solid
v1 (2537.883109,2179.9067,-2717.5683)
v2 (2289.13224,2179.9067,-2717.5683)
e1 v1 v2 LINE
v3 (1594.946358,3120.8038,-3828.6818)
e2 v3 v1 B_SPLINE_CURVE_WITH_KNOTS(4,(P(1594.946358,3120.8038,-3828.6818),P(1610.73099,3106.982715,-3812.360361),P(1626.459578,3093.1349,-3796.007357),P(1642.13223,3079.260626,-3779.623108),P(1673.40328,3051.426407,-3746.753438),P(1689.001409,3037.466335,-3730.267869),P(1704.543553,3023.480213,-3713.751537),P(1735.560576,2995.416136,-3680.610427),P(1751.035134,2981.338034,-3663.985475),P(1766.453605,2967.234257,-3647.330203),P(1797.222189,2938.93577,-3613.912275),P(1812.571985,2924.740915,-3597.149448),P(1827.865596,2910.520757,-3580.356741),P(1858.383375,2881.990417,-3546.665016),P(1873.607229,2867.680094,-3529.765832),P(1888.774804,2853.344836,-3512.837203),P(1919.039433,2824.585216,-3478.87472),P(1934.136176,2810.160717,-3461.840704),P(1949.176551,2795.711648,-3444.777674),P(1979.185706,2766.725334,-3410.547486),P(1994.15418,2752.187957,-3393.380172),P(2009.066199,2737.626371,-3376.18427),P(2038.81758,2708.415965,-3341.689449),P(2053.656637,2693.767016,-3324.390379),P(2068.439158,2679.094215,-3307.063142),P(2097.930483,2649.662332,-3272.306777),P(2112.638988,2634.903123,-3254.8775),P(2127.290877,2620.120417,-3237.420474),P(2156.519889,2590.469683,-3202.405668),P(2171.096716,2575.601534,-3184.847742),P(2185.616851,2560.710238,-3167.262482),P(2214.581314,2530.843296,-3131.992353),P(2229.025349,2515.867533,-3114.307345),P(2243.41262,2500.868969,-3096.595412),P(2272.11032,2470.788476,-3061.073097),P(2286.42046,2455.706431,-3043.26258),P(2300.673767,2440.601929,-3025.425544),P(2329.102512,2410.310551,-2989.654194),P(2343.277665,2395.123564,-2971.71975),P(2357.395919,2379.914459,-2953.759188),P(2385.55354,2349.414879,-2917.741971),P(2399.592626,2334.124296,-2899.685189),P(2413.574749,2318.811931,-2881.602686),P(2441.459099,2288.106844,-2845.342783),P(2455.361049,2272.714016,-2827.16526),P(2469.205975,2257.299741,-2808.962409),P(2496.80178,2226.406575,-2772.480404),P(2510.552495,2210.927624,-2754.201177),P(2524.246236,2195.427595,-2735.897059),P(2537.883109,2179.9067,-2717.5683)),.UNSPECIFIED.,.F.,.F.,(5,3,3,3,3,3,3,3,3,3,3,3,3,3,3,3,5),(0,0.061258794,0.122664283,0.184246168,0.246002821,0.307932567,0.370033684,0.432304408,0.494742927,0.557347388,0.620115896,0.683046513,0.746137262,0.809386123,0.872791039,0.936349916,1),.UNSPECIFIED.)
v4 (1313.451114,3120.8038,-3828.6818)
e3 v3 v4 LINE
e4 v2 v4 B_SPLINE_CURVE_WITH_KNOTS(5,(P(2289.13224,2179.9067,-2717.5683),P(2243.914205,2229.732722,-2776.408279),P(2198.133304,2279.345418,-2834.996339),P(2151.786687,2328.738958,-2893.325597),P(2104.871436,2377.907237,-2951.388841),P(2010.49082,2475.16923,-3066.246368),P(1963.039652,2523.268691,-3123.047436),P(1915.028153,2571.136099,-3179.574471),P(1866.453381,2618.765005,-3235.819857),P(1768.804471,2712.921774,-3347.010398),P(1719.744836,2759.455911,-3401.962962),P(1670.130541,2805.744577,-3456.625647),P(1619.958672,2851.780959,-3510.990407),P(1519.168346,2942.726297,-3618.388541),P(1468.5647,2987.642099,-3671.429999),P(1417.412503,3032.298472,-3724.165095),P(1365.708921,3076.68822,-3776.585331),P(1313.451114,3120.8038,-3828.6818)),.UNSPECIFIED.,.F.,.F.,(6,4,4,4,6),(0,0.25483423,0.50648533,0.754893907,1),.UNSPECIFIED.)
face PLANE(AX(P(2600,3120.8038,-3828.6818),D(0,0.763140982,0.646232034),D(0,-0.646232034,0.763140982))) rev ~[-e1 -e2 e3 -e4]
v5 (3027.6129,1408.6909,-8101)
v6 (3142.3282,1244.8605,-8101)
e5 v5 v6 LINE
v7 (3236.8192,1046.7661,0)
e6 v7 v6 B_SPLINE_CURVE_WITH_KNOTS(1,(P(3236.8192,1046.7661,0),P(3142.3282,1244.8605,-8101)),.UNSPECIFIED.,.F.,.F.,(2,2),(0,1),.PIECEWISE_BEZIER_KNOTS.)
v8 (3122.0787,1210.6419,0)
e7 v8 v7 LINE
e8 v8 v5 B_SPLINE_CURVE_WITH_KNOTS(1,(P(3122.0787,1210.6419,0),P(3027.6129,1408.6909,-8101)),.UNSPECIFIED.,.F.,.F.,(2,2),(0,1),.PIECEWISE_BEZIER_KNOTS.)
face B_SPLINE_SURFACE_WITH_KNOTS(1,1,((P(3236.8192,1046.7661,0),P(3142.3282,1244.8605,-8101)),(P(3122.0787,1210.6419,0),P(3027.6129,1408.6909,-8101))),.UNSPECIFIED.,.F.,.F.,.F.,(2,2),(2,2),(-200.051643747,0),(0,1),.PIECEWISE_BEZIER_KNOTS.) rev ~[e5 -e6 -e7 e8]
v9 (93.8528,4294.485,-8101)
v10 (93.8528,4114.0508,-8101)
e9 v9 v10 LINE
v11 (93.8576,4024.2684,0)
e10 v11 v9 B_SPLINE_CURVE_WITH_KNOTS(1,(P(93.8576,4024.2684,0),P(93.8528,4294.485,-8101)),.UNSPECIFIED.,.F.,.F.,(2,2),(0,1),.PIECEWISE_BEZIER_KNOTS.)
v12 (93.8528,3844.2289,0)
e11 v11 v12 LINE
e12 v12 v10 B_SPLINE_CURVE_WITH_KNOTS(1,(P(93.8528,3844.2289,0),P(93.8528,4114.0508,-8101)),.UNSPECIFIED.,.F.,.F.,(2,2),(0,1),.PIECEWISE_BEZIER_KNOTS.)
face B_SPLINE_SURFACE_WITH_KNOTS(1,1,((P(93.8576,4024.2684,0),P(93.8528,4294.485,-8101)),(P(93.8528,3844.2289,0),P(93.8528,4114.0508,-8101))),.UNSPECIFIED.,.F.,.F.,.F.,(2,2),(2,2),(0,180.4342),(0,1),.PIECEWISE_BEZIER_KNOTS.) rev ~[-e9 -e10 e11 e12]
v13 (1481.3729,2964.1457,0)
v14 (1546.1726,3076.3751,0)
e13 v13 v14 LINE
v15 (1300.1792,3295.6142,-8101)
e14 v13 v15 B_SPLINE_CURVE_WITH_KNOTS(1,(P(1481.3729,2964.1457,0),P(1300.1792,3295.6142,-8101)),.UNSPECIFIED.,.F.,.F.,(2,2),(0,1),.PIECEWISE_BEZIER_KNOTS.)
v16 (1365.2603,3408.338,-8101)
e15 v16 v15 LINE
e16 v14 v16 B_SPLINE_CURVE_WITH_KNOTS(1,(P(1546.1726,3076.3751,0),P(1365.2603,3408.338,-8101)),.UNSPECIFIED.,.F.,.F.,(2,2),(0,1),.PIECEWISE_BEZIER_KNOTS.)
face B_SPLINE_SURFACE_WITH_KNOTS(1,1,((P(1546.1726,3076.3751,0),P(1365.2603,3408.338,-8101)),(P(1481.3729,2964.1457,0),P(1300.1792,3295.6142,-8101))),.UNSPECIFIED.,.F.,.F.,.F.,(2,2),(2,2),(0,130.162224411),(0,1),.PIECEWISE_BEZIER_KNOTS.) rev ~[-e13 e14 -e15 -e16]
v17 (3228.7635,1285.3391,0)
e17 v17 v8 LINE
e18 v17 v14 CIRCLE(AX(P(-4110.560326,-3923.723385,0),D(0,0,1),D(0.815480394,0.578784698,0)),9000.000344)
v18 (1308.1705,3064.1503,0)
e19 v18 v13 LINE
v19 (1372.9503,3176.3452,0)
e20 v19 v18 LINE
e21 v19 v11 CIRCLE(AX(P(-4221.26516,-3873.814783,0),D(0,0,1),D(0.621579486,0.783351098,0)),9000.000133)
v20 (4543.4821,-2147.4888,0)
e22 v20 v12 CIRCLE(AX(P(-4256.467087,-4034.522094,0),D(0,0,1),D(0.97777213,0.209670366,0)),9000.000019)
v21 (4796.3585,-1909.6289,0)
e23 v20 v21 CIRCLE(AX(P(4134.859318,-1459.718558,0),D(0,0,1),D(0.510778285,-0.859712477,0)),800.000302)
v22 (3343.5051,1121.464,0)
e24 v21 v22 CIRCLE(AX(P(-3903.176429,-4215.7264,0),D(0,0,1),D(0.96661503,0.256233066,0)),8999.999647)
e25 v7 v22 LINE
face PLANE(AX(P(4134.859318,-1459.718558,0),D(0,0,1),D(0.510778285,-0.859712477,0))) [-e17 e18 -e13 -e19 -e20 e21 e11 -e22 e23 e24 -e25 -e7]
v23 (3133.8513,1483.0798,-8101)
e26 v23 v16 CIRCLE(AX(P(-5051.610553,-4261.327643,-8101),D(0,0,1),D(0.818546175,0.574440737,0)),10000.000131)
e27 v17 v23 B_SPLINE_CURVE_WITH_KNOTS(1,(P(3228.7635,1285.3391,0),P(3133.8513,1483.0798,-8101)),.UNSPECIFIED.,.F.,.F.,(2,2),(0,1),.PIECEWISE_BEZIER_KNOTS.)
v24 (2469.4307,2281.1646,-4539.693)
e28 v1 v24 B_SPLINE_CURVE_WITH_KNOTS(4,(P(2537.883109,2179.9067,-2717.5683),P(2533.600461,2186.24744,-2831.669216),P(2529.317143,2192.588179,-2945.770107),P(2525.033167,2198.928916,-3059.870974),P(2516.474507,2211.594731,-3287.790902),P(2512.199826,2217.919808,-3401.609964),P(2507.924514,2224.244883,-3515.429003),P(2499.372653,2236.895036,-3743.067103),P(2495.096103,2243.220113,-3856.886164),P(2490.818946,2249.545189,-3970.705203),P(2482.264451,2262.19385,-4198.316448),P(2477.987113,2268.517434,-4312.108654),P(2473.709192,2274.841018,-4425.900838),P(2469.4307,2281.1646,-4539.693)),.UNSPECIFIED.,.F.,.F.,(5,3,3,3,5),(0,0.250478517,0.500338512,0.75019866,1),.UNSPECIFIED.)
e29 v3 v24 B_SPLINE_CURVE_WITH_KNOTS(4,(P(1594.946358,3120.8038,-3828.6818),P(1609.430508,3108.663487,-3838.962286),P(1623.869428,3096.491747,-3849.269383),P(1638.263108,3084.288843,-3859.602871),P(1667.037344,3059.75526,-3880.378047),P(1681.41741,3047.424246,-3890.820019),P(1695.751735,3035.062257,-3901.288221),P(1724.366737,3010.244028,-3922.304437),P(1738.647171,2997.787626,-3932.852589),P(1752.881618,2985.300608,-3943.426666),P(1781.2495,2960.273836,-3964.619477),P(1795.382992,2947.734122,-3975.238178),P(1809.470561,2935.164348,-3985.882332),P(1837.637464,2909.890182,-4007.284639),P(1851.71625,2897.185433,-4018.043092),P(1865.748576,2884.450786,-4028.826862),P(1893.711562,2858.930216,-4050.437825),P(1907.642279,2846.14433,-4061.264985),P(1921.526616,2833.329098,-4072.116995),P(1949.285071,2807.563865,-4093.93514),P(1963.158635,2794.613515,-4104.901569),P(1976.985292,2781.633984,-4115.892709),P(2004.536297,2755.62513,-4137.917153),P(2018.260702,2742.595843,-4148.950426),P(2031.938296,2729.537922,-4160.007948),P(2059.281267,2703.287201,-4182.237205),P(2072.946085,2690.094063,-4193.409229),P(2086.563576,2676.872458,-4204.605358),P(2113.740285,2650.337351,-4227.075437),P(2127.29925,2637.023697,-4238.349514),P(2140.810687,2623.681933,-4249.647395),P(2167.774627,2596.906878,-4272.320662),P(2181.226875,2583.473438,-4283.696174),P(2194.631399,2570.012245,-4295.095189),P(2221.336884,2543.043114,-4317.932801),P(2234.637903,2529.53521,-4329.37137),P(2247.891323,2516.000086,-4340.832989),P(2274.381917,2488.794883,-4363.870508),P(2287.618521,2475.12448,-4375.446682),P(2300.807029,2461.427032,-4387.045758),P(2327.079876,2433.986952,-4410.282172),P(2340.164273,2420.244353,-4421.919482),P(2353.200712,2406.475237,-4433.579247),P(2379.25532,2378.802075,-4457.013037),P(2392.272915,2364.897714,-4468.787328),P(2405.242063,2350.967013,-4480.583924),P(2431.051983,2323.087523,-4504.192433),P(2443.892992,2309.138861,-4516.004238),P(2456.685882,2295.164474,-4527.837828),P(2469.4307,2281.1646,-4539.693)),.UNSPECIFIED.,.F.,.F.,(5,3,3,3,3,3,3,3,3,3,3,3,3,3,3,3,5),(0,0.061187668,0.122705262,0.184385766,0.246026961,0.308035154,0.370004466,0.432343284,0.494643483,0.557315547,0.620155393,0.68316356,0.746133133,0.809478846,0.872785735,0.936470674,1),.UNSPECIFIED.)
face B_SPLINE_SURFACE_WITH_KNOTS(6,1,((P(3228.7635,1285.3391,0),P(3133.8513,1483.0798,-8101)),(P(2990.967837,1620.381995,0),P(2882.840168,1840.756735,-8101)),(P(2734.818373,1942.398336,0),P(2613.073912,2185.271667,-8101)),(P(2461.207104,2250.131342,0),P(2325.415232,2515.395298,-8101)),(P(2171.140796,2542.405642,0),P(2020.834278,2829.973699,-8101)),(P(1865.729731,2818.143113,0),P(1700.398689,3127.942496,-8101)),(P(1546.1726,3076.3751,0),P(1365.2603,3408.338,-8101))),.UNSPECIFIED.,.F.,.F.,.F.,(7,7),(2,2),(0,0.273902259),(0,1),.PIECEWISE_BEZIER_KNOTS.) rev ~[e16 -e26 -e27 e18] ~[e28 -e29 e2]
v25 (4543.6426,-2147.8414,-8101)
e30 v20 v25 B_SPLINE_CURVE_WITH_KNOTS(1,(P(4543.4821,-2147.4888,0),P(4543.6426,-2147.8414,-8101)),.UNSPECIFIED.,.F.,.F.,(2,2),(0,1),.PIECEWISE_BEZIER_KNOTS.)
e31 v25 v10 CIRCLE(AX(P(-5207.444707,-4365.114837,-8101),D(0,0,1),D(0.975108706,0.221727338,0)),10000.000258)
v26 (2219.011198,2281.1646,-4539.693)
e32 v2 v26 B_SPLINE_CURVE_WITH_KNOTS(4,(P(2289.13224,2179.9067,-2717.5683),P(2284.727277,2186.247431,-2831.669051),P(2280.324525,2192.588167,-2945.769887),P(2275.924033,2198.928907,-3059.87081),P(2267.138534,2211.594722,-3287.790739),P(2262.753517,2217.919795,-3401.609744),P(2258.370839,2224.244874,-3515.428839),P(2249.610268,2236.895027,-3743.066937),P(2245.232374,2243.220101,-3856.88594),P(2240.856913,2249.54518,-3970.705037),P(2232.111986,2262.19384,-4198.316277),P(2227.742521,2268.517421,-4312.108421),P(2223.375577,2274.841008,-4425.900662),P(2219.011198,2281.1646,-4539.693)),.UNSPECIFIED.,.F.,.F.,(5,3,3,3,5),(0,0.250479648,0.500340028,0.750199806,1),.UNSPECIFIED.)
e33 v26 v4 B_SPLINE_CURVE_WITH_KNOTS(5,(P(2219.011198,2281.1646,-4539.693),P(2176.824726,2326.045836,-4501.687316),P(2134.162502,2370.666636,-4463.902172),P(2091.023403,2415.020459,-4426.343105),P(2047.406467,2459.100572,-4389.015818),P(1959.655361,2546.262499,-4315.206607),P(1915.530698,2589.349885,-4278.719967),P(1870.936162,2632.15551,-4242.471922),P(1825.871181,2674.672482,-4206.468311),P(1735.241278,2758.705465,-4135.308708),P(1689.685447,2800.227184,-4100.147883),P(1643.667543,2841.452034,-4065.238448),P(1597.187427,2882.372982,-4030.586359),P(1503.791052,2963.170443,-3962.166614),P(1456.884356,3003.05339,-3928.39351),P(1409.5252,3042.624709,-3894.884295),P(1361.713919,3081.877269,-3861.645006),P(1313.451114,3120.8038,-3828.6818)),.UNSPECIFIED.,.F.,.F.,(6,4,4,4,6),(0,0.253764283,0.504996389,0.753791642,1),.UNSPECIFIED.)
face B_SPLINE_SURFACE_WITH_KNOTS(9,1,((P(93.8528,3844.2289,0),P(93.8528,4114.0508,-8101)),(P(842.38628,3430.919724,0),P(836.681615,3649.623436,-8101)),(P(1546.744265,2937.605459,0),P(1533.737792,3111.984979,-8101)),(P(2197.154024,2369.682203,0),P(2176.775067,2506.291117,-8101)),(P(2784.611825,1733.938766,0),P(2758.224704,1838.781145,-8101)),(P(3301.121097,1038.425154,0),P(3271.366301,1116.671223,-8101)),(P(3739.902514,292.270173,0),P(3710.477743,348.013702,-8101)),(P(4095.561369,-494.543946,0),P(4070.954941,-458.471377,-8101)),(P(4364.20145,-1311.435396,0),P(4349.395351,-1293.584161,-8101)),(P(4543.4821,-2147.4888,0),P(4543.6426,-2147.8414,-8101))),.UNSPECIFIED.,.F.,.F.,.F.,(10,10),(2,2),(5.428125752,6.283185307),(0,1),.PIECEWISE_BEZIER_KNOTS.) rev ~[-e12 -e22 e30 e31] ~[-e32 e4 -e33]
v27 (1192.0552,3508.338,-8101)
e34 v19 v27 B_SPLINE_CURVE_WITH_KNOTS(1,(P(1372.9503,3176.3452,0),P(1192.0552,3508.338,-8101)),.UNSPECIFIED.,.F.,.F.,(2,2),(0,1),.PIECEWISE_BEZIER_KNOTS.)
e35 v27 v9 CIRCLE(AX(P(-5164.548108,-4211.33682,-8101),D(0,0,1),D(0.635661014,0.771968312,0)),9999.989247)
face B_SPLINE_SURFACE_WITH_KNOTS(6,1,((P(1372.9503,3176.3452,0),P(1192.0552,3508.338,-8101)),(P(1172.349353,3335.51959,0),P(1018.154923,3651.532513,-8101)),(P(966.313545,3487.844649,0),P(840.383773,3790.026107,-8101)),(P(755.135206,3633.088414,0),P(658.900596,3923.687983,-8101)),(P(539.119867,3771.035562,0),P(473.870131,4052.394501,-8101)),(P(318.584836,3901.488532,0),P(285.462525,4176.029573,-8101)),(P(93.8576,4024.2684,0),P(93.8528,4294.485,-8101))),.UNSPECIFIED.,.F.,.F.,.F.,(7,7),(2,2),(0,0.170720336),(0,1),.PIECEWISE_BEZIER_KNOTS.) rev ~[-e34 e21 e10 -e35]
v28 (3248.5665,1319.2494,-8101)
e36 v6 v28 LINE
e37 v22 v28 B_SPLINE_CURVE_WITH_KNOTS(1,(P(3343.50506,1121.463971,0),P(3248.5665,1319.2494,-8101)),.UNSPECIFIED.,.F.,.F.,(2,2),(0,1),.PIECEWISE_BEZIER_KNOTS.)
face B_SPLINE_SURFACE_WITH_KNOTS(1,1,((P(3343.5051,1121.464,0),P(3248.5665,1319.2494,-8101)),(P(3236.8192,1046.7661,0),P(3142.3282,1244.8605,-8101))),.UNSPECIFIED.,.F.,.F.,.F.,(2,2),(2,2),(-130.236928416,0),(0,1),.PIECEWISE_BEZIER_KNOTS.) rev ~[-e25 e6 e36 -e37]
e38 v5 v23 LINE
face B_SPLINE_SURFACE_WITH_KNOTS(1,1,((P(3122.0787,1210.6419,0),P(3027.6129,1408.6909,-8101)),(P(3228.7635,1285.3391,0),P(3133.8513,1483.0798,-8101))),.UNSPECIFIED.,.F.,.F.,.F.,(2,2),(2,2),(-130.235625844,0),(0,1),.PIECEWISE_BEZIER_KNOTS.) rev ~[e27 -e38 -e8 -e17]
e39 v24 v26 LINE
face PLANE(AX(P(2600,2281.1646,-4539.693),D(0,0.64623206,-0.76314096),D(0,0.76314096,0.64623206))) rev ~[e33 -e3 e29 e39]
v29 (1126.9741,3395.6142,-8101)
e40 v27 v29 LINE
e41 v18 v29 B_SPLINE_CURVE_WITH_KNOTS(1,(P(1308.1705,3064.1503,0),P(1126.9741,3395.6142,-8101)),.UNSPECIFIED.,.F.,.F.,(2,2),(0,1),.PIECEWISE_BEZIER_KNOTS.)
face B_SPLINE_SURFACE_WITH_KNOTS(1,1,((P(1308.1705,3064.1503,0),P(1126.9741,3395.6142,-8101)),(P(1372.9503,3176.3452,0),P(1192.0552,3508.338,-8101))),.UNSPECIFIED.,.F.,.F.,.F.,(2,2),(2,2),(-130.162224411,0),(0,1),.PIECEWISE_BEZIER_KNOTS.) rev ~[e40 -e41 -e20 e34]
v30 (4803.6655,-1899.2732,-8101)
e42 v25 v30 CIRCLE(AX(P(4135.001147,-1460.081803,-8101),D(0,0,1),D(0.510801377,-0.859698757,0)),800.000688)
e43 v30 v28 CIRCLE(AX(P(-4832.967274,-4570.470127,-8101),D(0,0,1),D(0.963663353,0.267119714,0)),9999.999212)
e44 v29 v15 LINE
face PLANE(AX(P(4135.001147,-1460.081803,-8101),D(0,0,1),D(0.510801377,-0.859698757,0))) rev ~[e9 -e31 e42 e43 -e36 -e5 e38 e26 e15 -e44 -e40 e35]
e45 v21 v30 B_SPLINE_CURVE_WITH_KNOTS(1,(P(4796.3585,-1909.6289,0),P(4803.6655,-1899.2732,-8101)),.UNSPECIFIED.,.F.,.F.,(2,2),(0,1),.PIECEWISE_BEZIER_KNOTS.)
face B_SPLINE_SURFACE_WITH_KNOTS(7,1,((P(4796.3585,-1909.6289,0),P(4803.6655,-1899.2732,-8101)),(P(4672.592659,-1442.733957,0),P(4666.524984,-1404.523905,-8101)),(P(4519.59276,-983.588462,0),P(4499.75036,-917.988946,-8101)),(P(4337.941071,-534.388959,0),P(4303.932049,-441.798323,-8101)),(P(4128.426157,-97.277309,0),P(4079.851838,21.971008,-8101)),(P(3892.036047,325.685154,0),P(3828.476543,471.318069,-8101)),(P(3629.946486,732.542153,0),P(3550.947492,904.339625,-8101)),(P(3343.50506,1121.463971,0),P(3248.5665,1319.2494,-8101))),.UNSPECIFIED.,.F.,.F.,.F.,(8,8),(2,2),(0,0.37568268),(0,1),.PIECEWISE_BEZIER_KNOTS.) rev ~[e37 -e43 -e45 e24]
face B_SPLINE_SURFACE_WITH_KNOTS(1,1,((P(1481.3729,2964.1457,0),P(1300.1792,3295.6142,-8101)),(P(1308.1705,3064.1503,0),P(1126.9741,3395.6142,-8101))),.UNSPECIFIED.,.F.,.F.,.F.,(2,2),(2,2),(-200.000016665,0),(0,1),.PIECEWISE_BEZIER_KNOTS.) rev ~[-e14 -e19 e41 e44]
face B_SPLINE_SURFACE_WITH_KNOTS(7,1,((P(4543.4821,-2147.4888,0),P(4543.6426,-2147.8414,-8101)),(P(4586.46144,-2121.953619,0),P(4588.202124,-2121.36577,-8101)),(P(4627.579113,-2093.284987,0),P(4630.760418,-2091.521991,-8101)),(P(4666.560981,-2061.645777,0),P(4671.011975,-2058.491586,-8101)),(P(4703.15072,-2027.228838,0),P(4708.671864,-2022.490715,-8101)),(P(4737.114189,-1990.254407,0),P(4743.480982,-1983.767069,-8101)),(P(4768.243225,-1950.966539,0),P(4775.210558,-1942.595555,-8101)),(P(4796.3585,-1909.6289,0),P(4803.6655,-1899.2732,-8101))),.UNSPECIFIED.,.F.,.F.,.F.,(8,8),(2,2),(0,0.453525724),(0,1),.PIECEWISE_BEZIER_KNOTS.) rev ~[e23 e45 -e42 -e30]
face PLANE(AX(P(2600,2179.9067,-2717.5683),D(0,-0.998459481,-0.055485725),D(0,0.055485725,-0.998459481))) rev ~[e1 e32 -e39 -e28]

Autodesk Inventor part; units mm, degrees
ref_plane "XZ Plane" through (0, 0, 0) normal (0, 1, 0) x (-1, 0, 0)
sketch "Sketch1" plane through (0, 0, 0) normal (0, 0, 1) x (1, 0, 0)
  arc A0 (4796.3585, -1909.6289) -> (3343.4744, 1121.5056) centre (-3903.1767, -4215.7265) ccw
  line L0 (3236.8192, 1046.7661) -> (3343.5051, 1121.464)
  arc A1 (3228.7635, 1285.3391) -> (1546.1726, 3076.3751) centre (-4110.5601, -3923.7232) ccw
  line L1 (3228.7635, 1285.3391) -> (3122.0787, 1210.6419)
  line L2 (1372.9503, 3176.3452) -> (1308.1705, 3064.1503)
  arc A2 (1372.9503, 3176.3452) -> (93.8576, 4024.2684) centre (-4221.2651, -3873.8147) ccw
  line L3 (1481.3729, 2964.1457) -> (1546.1726, 3076.3751)
  arc A3 (4543.4821, -2147.4888) -> (93.8528, 3844.2289) centre (-4256.4671, -4034.5221) ccw
  line L4 (93.8576, 4024.2684) -> (93.8528, 3844.2289)
  line L5 (1308.1705, 3064.1503) -> (1481.3729, 2964.1457)
  line L6 (3122.0787, 1210.6419) -> (3236.8192, 1046.7661)
  arc A4 (4543.4821, -2147.4888) -> (4796.3585, -1909.6289) centre (4134.8595, -1459.7188) ccw
  point P0 (0, 0)
  dimension "d7" = 800
ref_plane "Work Plane2" through (0, 0, -8101) normal (0, 0, 1) x (1, 0, 0)
ref_plane "Work Plane1" through (0, 0, 0) normal (0, 0, 1) x (1, 0, 0)
sketch "Sketch2" plane through (0, 0, -8101) normal (0, 0, 1) x (1, 0, 0)
  arc A0 (1192.0552, 3508.338) -> (93.8528, 4294.485) centre (-5164.5547, -4211.3454) ccw projected
  arc A1 (3133.8513, 1483.0798) -> (1365.2603, 3408.338) centre (-5051.6105, -4261.3276) ccw projected
  arc A2 (4543.6426, -2147.8414) -> (93.8528, 4114.0508) centre (-5207.4444, -4365.1147) ccw projected
  line L0 (1192.0552, 3508.338) -> (1126.9741, 3395.6142) projected
  line L1 (1365.2603, 3408.338) -> (1300.1792, 3295.6142) projected
  line L2 (1126.9741, 3395.6142) -> (1300.1792, 3295.6142) projected
  line L3 (93.8528, 4294.485) -> (93.8528, 4114.0508) projected
  line L4 (3027.6129, 1408.6909) -> (3133.8513, 1483.0798) projected
  line L5 (3142.3282, 1244.8605) -> (3248.5665, 1319.2494) projected
  line L6 (3027.6129, 1408.6909) -> (3142.3282, 1244.8605) projected
  arc A3 (4803.6655, -1899.2732) -> (3248.5665, 1319.2494) centre (-4832.968, -4570.4704) ccw projected
  arc A4 (4543.6426, -2147.8414) -> (4803.6655, -1899.2732) centre (4135.0016, -1460.0824) ccw projected
  point P0 (0, 0)
loft "Loft1" add profiles "Sketch1", "Sketch2"
ref_plane "Work Plane3" through (2600, 0, 0) normal (1, 0, 0) x (0, 1, 0)
sketch "Sketch3" plane through (2600, 0, 0) normal (1, 0, 0) x (0, 1, 0)
  line L0 (3120.8038, -3828.6818) -> (2179.9067, -2717.5683)
  line L1 (2179.9067, -2717.5683) -> (2281.1646, -4539.693)
  line L2 (2281.1646, -4539.693) -> (3120.8038, -3828.6818)
  point P0 (0, 0)
extrude "Extrusion1" cut sketch "Sketch3" against normal through all
properties part number "panel_block_03" material "Wood (Maple)"
